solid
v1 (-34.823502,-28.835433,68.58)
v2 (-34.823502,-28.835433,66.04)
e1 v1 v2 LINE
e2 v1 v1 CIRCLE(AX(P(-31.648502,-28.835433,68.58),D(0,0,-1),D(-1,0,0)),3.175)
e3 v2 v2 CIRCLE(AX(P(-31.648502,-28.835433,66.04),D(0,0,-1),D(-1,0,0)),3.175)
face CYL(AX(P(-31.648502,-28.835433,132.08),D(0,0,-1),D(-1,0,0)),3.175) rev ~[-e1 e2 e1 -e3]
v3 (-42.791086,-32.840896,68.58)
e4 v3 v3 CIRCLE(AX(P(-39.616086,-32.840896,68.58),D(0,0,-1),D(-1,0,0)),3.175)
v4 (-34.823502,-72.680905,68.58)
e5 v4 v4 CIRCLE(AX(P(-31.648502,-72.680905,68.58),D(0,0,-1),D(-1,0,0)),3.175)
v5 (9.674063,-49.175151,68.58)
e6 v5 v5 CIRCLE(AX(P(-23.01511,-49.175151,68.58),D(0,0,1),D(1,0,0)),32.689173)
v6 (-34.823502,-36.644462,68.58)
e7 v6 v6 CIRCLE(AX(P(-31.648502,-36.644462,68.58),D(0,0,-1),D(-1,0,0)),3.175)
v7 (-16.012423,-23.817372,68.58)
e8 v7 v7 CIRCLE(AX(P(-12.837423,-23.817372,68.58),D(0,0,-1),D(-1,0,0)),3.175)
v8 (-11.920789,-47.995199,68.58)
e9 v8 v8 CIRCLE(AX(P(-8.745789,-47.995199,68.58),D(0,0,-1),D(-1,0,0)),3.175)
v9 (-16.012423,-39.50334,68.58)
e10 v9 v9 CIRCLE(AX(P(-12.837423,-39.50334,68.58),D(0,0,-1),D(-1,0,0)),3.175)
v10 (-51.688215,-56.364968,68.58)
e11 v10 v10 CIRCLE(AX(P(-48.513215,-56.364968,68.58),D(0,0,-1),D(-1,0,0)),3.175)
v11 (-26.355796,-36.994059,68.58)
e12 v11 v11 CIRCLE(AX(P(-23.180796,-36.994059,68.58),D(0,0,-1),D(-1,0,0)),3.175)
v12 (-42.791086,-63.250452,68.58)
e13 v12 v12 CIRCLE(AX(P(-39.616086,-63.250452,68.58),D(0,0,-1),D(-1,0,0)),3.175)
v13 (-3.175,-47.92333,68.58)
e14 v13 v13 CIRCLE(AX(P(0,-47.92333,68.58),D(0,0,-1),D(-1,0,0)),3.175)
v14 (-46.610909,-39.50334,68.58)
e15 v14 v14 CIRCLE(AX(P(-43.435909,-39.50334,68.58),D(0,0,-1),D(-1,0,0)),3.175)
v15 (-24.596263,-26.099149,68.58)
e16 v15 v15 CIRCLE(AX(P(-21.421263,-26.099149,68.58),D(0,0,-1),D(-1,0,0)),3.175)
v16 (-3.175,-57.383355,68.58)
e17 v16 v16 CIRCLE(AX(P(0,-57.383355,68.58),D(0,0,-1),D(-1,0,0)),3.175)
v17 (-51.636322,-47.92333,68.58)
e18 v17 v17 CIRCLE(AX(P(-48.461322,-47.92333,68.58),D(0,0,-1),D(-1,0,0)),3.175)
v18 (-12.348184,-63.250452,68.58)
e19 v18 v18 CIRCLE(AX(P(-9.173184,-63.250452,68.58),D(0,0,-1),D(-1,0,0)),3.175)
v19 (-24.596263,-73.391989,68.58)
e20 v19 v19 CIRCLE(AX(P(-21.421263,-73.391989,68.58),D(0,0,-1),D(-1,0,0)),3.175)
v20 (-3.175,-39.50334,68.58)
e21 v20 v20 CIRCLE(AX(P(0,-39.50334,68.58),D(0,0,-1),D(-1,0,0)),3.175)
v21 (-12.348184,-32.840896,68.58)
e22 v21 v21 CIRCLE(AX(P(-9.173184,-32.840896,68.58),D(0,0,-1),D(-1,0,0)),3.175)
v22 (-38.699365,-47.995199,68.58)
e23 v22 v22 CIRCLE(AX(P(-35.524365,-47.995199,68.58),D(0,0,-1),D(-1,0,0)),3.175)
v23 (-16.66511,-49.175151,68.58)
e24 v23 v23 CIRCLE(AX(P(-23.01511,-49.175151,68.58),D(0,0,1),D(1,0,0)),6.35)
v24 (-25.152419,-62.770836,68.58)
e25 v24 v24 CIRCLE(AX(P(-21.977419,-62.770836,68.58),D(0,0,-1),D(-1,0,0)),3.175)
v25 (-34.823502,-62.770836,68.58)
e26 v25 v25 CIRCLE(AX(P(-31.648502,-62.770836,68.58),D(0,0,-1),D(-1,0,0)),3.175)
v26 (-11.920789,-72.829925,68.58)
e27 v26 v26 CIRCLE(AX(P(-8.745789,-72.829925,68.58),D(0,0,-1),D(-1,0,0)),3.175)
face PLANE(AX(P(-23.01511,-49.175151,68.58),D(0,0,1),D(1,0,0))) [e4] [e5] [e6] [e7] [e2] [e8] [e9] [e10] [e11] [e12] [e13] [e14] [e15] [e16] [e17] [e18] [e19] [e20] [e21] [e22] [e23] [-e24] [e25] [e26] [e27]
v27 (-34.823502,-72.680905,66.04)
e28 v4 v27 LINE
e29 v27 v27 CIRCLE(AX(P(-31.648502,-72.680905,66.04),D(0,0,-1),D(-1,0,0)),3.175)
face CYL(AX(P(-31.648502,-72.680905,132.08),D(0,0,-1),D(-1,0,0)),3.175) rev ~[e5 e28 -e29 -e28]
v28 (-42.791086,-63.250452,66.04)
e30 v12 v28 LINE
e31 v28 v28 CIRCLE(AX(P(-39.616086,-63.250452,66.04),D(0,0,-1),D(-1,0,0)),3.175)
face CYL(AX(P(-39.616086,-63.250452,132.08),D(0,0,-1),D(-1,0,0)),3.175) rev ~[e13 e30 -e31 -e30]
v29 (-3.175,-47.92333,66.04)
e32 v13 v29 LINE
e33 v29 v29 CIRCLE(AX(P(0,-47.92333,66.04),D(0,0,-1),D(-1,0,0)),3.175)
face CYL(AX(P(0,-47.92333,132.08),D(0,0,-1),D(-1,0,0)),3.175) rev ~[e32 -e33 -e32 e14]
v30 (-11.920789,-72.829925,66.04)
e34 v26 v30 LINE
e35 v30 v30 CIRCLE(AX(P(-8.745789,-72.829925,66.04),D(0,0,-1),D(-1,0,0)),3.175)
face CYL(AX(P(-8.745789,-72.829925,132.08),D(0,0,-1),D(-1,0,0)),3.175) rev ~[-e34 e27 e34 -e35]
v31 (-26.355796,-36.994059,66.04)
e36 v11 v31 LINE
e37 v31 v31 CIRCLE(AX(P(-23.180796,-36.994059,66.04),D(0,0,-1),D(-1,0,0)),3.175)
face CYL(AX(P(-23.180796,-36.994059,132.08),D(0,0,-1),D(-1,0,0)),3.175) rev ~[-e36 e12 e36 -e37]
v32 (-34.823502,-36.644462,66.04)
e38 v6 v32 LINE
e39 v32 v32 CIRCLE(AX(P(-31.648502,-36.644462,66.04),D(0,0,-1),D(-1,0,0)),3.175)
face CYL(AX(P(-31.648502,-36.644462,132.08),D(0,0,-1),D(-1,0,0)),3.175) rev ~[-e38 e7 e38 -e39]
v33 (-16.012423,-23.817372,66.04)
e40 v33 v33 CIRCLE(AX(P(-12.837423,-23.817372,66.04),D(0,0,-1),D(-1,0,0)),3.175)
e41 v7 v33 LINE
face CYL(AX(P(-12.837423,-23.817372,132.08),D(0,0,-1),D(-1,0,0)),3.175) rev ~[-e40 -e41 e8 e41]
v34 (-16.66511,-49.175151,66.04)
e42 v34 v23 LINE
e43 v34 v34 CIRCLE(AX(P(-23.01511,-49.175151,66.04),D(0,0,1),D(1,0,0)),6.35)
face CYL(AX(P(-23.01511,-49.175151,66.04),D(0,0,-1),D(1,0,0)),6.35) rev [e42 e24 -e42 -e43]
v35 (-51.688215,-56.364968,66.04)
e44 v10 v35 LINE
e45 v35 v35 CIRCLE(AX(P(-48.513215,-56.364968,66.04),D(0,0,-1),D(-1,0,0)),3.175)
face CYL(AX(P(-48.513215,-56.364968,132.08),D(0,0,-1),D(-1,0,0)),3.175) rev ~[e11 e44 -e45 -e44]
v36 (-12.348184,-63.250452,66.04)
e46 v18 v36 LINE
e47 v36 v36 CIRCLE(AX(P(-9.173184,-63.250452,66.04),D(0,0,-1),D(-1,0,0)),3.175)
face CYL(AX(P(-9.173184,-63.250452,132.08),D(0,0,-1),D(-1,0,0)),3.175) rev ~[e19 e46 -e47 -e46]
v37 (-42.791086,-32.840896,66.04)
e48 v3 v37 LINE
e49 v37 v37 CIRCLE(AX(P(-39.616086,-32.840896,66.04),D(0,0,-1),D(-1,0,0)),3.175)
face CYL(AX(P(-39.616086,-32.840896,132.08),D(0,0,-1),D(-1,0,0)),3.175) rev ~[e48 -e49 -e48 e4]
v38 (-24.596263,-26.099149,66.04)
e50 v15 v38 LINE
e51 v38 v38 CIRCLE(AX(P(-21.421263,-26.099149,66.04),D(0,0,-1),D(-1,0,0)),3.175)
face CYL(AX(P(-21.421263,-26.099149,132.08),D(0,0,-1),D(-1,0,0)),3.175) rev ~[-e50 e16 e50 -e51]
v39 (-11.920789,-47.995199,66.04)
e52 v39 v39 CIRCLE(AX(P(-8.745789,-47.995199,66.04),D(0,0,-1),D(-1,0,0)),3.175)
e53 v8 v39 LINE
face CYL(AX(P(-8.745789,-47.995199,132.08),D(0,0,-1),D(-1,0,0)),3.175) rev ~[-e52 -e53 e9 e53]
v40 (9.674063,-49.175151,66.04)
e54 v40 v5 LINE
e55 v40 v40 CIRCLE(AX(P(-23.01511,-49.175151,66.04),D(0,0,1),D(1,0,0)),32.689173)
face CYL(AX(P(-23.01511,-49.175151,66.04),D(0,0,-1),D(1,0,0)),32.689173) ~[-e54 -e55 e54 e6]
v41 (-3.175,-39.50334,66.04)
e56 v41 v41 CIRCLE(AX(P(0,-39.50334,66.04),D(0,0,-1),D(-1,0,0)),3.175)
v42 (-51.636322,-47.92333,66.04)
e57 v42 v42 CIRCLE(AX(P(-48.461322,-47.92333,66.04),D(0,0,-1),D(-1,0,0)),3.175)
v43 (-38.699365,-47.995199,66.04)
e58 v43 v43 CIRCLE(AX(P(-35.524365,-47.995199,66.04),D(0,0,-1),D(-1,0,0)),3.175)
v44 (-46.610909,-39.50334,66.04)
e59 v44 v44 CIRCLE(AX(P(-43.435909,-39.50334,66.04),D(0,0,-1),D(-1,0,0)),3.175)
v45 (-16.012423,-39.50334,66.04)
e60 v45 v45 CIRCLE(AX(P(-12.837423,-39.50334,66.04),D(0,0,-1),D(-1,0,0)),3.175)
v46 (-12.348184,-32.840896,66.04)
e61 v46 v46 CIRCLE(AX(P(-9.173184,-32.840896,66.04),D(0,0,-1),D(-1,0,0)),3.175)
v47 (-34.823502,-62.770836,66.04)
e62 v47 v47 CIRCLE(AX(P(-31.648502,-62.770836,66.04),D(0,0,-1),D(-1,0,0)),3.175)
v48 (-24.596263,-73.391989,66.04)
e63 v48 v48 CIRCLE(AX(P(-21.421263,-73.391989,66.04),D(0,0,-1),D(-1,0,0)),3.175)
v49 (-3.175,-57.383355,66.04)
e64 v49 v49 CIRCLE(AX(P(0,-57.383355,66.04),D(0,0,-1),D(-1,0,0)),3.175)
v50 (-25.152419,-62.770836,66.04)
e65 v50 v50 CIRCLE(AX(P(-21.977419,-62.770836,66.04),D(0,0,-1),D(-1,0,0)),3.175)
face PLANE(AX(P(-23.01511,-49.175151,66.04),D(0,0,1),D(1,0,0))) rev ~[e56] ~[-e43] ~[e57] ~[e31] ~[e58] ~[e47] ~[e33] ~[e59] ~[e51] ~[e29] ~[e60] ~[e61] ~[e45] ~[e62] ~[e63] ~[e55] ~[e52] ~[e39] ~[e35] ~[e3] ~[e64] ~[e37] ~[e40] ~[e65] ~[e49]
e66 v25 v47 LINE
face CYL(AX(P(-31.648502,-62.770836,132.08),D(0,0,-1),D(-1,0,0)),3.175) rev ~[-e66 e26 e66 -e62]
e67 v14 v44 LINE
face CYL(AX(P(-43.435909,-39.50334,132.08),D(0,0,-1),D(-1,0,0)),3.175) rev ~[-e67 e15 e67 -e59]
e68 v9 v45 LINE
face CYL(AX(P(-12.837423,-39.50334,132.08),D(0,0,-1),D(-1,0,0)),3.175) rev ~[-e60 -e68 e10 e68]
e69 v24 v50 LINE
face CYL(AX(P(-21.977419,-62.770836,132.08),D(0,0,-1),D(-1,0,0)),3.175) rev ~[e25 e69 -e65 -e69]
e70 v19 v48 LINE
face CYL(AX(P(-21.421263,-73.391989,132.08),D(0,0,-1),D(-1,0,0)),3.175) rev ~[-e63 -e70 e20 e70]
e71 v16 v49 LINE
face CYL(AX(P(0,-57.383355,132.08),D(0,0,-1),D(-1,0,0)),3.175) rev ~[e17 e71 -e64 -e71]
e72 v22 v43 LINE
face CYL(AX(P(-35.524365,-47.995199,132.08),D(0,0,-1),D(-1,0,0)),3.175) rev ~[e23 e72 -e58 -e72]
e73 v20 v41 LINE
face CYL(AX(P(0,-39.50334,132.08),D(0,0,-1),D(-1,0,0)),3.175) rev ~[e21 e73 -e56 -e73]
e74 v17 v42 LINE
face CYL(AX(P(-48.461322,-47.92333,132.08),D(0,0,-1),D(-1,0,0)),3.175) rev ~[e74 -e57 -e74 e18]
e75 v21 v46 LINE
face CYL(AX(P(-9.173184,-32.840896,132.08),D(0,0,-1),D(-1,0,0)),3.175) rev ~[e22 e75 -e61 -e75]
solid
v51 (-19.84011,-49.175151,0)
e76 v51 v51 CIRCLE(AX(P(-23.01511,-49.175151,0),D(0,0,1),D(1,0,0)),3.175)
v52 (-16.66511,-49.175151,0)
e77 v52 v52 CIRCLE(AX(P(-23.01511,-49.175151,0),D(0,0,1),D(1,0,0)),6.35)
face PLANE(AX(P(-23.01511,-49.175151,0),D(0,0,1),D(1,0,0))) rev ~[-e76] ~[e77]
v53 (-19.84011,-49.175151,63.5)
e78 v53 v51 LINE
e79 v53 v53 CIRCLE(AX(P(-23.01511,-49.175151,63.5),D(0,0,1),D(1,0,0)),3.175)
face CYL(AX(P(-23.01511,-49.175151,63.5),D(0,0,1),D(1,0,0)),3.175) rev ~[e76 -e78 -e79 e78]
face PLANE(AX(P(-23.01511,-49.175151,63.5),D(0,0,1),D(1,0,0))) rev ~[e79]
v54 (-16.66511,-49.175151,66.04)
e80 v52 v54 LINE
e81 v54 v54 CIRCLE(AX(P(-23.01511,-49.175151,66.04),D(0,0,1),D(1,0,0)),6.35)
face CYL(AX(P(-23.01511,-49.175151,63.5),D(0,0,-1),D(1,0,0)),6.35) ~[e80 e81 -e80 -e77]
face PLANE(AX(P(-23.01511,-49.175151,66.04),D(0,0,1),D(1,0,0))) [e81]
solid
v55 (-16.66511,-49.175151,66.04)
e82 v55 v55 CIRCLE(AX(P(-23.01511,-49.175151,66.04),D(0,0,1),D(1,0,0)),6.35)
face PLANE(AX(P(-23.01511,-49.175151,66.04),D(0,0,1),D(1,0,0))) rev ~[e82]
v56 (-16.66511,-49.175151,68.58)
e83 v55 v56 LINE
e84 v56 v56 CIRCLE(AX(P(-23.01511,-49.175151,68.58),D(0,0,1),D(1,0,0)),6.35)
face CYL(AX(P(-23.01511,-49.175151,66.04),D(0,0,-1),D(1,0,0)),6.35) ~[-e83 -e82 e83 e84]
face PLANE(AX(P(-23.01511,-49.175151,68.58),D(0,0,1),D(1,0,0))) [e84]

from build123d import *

# Parameters (mm, degrees)
F0_R      = 6.35
F1_DEPTH  = 63.5
F3_R      = 6.35
F4_DEPTH  = 2.54
F5_D      = 6.35
F5_DEPTH  = 63.5
F5_TIP    = 1.9077324654
F6_R      = 32.6891726937
F6_R_2    = 6.35
F7_DEPTH  = 2.54
F8_DEPTH  = 2.54
F10_D     = 6.35
F10_DEPTH = 63.5
F10_TIP   = 1.9077324654


with BuildPart() as f1:
    # F0 (on Top) → F1 (new body)
    with BuildSketch(Plane.XY):
        with Locations((-23.0151098222, -49.1751506925)):
            Circle(F0_R)
    extrude(amount=F1_DEPTH)

    # F3 (on face) → F4 (join)
    with BuildSketch(Plane.XY.offset(63.5)):
        with Locations((-23.0151098222, -49.1751506925)):
            Circle(F3_R)
    extrude(amount=F4_DEPTH)

    # F5 (one way)
    with BuildSketch(Plane.XY.offset(63.5)):
        with Locations((-23.0151098222, -49.1751506925)):
            Circle(F5_D / 2)
    extrude(amount=-F5_DEPTH, mode=Mode.SUBTRACT)
    with Locations(Plane.XY.offset(63.5)):
        with Locations((-23.0151098222, -49.1751506925)):
            with Locations((0, 0, -(F5_DEPTH + F5_TIP / 2))):  # 118° drill point
                Cone(0, F5_D / 2, F5_TIP, mode=Mode.SUBTRACT)


with BuildPart() as f7:
    # F6 (on face) → F7 (new body)
    with BuildSketch(Plane.XY.offset(66.04)):
        with Locations((-23.0151098222, -49.1751506925)):
            Circle(F6_R)
        with Locations((-23.0151098222, -49.1751506925)):
            Circle(F6_R_2, mode=Mode.SUBTRACT)
    extrude(amount=F7_DEPTH)

    # F10
    with Locations(Plane.XY.offset(68.58)):
        with Locations((-48.4613217413, -47.9233302176), (-39.6160855889, -32.8408963978), (-21.4212629944, -26.0991491377), (-9.1731837019, -32.8408963978), (0, -47.9233302176), (-9.1731837019, -63.25045228), (-21.4212629944, -73.3919888735), (-39.6160855889, -63.25045228), (-48.5132150352, -56.3649684191), (-35.5243645608, -47.995198518), (-31.6485017538, -36.644462496), (-43.435908854, -39.503339678), (-31.6485017538, -28.835432604), (-23.1807958335, -36.9940586388), (-12.8374230117, -39.503339678), (-12.8374230117, -23.817371577), (0, -39.503339678), (-8.7457885966, -47.995198518), (0, -57.3833547533), (-8.7457885966, -72.8299245238), (-21.9774190336, -62.7708360553), (-31.6485017538, -62.7708360553), (-31.6485017538, -72.6809054613)):
            Hole(F10_D / 2, depth=F10_DEPTH)
            with Locations((0, 0, -(F10_DEPTH + F10_TIP / 2))):  # 118° drill point
                Cone(0, F10_D / 2, F10_TIP, mode=Mode.SUBTRACT)


with BuildPart() as f8:
    # F8 (new): a face of the model
    f8_faces = [f1.part.faces().sort_by_distance(p)[0] for p in [
        (-23.0151098222, -49.1751506925, 66.04),
    ]]
    extrude(f8_faces, amount=F8_DEPTH)


solid = Compound([f1.part, f7.part, f8.part])
